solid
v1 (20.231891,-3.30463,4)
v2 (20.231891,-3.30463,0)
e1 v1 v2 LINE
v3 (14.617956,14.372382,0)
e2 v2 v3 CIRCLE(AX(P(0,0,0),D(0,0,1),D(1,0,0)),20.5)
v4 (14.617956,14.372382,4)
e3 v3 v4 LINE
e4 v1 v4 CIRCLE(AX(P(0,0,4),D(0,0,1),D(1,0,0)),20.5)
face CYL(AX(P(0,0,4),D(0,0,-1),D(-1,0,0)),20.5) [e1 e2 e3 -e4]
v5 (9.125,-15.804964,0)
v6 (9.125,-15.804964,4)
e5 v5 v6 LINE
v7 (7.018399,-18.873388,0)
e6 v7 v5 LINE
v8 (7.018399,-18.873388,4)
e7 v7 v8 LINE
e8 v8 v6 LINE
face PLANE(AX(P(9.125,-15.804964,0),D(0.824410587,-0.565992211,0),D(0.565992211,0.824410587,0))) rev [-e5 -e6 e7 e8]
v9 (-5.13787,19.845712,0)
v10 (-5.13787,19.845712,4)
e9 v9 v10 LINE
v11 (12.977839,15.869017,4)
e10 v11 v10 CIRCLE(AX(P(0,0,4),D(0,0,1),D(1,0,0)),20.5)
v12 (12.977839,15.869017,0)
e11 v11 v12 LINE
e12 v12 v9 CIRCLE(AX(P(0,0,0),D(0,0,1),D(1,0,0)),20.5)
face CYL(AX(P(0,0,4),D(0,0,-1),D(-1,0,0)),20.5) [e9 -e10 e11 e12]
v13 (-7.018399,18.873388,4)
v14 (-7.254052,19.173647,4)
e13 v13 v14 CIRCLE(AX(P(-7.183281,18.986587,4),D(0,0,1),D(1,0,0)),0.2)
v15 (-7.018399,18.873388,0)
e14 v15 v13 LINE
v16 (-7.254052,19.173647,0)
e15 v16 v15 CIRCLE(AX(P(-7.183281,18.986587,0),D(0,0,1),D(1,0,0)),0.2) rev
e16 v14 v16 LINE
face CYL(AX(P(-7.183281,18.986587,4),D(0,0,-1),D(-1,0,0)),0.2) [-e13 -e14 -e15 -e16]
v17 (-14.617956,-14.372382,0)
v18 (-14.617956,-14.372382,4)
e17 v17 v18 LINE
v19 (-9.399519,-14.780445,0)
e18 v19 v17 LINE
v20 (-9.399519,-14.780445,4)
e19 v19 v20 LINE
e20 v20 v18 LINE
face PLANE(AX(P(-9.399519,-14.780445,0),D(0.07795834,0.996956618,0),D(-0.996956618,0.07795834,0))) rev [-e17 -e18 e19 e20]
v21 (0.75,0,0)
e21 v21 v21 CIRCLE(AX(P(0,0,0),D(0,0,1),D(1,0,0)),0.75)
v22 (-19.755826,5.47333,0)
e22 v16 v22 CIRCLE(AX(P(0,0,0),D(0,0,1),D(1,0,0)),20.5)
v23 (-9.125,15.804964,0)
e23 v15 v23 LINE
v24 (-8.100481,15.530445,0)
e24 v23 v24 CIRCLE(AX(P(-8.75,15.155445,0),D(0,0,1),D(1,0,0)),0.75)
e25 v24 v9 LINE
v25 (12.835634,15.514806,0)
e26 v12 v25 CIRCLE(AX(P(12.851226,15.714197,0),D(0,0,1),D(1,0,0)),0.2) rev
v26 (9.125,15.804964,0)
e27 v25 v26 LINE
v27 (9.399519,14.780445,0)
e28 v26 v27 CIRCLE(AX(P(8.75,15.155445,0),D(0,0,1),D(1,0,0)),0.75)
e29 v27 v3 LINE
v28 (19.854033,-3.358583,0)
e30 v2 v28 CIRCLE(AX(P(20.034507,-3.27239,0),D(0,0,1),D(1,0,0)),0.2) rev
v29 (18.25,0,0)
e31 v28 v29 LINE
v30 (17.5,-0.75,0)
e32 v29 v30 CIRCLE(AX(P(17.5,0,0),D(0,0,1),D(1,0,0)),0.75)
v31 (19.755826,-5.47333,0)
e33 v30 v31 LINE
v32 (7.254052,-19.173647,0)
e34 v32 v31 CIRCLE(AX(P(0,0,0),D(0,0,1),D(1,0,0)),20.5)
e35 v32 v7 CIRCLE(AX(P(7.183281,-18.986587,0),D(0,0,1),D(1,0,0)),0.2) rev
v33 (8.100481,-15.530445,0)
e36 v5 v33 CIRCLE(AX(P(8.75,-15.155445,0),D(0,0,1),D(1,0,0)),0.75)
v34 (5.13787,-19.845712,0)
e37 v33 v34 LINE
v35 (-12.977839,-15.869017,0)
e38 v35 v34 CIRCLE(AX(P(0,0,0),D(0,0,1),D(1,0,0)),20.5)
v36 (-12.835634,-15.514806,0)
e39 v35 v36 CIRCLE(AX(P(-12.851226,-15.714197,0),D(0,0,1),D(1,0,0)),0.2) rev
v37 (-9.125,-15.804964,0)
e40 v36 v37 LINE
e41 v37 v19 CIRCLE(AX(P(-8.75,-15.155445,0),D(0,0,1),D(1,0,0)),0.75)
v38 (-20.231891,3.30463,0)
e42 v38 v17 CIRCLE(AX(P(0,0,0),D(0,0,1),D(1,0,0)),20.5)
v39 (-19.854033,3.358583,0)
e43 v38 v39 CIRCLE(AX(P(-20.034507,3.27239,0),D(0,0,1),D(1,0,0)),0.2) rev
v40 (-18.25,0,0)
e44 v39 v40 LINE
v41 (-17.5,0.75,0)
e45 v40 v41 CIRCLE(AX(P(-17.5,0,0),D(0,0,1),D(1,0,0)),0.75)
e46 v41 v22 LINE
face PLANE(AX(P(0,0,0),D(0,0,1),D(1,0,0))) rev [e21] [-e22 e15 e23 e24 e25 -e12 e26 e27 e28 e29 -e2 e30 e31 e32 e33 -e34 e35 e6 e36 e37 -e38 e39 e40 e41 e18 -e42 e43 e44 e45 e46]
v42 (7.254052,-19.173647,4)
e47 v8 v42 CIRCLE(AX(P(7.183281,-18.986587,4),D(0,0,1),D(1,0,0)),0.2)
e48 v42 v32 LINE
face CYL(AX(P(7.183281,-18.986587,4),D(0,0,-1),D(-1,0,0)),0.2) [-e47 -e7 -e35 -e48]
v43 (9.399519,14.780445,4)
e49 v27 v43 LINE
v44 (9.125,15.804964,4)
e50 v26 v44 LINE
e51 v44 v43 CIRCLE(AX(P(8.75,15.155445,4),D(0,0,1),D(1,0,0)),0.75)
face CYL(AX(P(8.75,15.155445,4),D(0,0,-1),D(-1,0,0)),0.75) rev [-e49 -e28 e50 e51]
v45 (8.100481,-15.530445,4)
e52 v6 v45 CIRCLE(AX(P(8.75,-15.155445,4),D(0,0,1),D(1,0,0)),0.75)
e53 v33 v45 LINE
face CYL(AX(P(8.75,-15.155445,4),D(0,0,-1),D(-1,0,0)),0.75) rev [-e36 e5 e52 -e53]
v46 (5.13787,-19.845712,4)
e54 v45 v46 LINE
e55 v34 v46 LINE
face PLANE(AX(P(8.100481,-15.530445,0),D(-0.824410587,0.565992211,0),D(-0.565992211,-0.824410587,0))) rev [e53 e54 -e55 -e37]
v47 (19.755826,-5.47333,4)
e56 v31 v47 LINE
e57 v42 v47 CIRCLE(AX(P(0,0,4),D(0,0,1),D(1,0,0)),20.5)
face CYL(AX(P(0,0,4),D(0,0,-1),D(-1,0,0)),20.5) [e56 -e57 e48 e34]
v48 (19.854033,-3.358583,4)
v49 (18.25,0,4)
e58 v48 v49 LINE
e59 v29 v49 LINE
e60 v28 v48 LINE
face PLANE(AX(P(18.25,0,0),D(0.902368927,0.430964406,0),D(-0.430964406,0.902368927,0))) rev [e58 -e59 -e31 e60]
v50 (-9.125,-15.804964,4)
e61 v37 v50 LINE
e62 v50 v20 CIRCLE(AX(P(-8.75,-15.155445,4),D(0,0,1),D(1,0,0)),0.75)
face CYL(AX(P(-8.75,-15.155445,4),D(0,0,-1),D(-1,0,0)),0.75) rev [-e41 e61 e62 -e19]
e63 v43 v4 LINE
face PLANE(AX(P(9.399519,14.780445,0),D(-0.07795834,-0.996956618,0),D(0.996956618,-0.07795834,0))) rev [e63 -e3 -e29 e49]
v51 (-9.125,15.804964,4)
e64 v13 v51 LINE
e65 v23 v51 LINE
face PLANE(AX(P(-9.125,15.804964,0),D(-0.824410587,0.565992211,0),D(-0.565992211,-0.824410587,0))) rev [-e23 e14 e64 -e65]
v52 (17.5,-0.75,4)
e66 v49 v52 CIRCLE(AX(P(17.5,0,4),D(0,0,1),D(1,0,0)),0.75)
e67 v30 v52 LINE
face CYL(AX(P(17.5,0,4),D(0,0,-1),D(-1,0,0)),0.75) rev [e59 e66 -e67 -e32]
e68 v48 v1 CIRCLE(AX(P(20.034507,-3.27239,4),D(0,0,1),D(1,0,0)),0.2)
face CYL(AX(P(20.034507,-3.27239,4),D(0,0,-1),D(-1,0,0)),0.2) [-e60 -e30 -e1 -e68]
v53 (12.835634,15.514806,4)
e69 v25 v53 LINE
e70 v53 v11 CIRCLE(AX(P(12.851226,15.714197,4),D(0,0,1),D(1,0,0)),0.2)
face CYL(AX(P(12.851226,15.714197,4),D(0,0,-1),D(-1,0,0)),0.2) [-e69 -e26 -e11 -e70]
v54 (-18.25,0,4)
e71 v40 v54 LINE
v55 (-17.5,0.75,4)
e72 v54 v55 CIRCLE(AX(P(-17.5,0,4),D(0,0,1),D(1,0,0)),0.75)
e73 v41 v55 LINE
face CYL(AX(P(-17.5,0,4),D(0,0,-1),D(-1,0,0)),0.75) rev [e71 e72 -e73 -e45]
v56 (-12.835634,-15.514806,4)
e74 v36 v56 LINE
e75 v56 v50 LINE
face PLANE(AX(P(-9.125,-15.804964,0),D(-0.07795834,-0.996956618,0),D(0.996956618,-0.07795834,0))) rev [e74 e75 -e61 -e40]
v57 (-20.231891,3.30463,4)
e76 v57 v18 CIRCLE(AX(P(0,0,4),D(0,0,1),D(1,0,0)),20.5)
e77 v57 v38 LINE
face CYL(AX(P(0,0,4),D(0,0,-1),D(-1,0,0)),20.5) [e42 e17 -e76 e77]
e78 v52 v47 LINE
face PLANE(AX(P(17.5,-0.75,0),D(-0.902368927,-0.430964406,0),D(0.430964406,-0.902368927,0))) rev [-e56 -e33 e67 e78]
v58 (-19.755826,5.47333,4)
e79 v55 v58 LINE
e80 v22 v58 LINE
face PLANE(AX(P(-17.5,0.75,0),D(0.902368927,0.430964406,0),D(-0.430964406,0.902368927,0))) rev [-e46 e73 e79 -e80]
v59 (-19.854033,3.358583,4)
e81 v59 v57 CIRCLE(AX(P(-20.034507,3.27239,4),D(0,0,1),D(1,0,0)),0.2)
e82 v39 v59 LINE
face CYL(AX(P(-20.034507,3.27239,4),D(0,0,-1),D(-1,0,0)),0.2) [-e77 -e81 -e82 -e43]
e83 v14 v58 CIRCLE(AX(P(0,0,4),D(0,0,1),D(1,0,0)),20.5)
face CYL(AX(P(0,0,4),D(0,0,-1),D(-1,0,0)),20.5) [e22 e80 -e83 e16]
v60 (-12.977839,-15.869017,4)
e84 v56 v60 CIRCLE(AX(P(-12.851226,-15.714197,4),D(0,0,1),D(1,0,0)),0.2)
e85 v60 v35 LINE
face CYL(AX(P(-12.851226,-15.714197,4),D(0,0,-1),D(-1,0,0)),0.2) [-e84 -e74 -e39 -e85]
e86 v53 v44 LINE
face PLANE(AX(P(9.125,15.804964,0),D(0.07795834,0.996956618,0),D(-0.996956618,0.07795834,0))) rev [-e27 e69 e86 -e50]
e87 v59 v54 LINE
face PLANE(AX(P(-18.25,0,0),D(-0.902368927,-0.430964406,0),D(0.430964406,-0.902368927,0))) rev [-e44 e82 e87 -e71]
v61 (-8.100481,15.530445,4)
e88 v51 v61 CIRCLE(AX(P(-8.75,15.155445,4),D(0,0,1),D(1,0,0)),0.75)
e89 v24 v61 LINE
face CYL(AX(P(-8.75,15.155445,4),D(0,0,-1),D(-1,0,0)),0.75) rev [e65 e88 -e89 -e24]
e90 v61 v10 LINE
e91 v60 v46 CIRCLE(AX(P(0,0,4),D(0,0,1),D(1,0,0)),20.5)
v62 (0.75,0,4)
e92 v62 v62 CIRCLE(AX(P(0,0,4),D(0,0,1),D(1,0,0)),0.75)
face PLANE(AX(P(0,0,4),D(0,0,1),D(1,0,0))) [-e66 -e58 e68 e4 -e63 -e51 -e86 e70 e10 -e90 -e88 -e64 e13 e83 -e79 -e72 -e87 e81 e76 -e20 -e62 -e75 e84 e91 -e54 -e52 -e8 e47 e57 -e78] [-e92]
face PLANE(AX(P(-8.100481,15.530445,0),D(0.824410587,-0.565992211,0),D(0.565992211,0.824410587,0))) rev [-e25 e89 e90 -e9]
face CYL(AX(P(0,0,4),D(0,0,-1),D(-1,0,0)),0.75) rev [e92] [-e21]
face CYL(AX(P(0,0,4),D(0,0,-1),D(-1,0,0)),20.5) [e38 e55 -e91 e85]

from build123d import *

# Parameters (mm, degrees)
MODEL_R                        = 20.5
MODEL_R_2                      = 0.75
MAIN_DIFFERENTIAL_DISK_DEPTH   = 4
TENDON_HOLDER_DEPTH            = 5
DIFFERENTIAL_DISK_CONTOURING_R = 0.2


with BuildPart() as part:
    # Model → Main Differential Disk (new body)
    with BuildSketch(Plane.XY):
        Circle(MODEL_R)
        with Locations((-8.75, 15.155444566)):
            Circle(MODEL_R_2, mode=Mode.SUBTRACT)
        with Locations((8.75, 15.155444566)):
            Circle(MODEL_R_2, mode=Mode.SUBTRACT)
        with Locations((17.5, 0)):
            Circle(MODEL_R_2, mode=Mode.SUBTRACT)
        with Locations((8.75, -15.155444566)):
            Circle(MODEL_R_2, mode=Mode.SUBTRACT)
        with Locations((-8.75, -15.155444566)):
            Circle(MODEL_R_2, mode=Mode.SUBTRACT)
        Circle(MODEL_R_2, mode=Mode.SUBTRACT)
        with Locations((-17.5, 0)):
            Circle(MODEL_R_2, mode=Mode.SUBTRACT)
    extrude(amount=MAIN_DIFFERENTIAL_DISK_DEPTH)

    # Sketch1 → Tendon Holder (cut, through all)
    with BuildSketch(Plane.XY.offset(4)):
        with BuildLine():
            Line((-18.25, 0), (-20.121847663, 3.919342625))
            ThreePointArc((-20.121847663, 3.919342625), (-19.953970316, 4.699900916), (-19.755825892, 5.473330187))
            Line((-19.755825892, 5.473330187), (-17.5, 0.75))
            ThreePointArc((-17.5, 0.75), (-16.969669914, -0.530330086), (-18.25, 0))
        make_face()
        with BuildLine():
            Line((-9.125, 15.804963619), (-6.666673552, 19.38570256))
            ThreePointArc((-6.666673552, 19.38570256), (-5.906751569, 19.630595658), (-5.137869961, 19.845712188))
            Line((-5.137869961, 19.845712188), (-8.100480947, 15.530444566))
            ThreePointArc((-8.100480947, 15.530444566), (-8.944114284, 14.431000197), (-9.125, 15.804963619))
        make_face()
        with BuildLine():
            Line((9.125, 15.804963619), (13.455174111, 15.466359935))
            ThreePointArc((13.455174111, 15.466359935), (14.047218747, 14.930694742), (14.617955931, 14.372382002))
            Line((14.617955931, 14.372382002), (9.399519053, 14.780444566))
            ThreePointArc((9.399519053, 14.780444566), (8.02555563, 14.961330282), (9.125, 15.804963619))
        make_face()
        with BuildLine():
            Line((18.25, 0), (20.121847663, -3.919342625))
            ThreePointArc((20.121847663, -3.919342625), (19.953970316, -4.699900916), (19.755825892, -5.473330187))
            Line((19.755825892, -5.473330187), (17.5, -0.75))
            ThreePointArc((17.5, -0.75), (16.969669914, 0.530330086), (18.25, 0))
        make_face()
        with BuildLine():
            Line((9.125, -15.804963619), (6.666673552, -19.38570256))
            ThreePointArc((6.666673552, -19.38570256), (5.906751569, -19.630595658), (5.137869961, -19.845712188))
            Line((5.137869961, -19.845712188), (8.100480947, -15.530444566))
            ThreePointArc((8.100480947, -15.530444566), (8.944114284, -14.431000197), (9.125, -15.804963619))
        make_face()
        with BuildLine():
            Line((-9.125, -15.804963619), (-13.455174111, -15.466359935))
            ThreePointArc((-13.455174111, -15.466359935), (-14.047218747, -14.930694742), (-14.617955931, -14.372382002))
            Line((-14.617955931, -14.372382002), (-9.399519053, -14.780444566))
            ThreePointArc((-9.399519053, -14.780444566), (-8.02555563, -14.961330282), (-9.125, -15.804963619))
        make_face()
    extrude(amount=-TENDON_HOLDER_DEPTH, mode=Mode.SUBTRACT)

    # Differential Disk Contouring
    differential_disk_contouring_edges = [part.edges().sort_by_distance(p)[0] for p in [
        (6.666673552, -19.38570256, 2),
        (-13.455174111, -15.466359935, 2),
        (-20.121847663, 3.919342625, 2),
        (-6.666673552, 19.38570256, 2),
        (13.455174111, 15.466359935, 2),
        (20.121847663, -3.919342625, 2),
    ]]
    fillet(differential_disk_contouring_edges, radius=DIFFERENTIAL_DISK_CONTOURING_R)


solid = part.part
